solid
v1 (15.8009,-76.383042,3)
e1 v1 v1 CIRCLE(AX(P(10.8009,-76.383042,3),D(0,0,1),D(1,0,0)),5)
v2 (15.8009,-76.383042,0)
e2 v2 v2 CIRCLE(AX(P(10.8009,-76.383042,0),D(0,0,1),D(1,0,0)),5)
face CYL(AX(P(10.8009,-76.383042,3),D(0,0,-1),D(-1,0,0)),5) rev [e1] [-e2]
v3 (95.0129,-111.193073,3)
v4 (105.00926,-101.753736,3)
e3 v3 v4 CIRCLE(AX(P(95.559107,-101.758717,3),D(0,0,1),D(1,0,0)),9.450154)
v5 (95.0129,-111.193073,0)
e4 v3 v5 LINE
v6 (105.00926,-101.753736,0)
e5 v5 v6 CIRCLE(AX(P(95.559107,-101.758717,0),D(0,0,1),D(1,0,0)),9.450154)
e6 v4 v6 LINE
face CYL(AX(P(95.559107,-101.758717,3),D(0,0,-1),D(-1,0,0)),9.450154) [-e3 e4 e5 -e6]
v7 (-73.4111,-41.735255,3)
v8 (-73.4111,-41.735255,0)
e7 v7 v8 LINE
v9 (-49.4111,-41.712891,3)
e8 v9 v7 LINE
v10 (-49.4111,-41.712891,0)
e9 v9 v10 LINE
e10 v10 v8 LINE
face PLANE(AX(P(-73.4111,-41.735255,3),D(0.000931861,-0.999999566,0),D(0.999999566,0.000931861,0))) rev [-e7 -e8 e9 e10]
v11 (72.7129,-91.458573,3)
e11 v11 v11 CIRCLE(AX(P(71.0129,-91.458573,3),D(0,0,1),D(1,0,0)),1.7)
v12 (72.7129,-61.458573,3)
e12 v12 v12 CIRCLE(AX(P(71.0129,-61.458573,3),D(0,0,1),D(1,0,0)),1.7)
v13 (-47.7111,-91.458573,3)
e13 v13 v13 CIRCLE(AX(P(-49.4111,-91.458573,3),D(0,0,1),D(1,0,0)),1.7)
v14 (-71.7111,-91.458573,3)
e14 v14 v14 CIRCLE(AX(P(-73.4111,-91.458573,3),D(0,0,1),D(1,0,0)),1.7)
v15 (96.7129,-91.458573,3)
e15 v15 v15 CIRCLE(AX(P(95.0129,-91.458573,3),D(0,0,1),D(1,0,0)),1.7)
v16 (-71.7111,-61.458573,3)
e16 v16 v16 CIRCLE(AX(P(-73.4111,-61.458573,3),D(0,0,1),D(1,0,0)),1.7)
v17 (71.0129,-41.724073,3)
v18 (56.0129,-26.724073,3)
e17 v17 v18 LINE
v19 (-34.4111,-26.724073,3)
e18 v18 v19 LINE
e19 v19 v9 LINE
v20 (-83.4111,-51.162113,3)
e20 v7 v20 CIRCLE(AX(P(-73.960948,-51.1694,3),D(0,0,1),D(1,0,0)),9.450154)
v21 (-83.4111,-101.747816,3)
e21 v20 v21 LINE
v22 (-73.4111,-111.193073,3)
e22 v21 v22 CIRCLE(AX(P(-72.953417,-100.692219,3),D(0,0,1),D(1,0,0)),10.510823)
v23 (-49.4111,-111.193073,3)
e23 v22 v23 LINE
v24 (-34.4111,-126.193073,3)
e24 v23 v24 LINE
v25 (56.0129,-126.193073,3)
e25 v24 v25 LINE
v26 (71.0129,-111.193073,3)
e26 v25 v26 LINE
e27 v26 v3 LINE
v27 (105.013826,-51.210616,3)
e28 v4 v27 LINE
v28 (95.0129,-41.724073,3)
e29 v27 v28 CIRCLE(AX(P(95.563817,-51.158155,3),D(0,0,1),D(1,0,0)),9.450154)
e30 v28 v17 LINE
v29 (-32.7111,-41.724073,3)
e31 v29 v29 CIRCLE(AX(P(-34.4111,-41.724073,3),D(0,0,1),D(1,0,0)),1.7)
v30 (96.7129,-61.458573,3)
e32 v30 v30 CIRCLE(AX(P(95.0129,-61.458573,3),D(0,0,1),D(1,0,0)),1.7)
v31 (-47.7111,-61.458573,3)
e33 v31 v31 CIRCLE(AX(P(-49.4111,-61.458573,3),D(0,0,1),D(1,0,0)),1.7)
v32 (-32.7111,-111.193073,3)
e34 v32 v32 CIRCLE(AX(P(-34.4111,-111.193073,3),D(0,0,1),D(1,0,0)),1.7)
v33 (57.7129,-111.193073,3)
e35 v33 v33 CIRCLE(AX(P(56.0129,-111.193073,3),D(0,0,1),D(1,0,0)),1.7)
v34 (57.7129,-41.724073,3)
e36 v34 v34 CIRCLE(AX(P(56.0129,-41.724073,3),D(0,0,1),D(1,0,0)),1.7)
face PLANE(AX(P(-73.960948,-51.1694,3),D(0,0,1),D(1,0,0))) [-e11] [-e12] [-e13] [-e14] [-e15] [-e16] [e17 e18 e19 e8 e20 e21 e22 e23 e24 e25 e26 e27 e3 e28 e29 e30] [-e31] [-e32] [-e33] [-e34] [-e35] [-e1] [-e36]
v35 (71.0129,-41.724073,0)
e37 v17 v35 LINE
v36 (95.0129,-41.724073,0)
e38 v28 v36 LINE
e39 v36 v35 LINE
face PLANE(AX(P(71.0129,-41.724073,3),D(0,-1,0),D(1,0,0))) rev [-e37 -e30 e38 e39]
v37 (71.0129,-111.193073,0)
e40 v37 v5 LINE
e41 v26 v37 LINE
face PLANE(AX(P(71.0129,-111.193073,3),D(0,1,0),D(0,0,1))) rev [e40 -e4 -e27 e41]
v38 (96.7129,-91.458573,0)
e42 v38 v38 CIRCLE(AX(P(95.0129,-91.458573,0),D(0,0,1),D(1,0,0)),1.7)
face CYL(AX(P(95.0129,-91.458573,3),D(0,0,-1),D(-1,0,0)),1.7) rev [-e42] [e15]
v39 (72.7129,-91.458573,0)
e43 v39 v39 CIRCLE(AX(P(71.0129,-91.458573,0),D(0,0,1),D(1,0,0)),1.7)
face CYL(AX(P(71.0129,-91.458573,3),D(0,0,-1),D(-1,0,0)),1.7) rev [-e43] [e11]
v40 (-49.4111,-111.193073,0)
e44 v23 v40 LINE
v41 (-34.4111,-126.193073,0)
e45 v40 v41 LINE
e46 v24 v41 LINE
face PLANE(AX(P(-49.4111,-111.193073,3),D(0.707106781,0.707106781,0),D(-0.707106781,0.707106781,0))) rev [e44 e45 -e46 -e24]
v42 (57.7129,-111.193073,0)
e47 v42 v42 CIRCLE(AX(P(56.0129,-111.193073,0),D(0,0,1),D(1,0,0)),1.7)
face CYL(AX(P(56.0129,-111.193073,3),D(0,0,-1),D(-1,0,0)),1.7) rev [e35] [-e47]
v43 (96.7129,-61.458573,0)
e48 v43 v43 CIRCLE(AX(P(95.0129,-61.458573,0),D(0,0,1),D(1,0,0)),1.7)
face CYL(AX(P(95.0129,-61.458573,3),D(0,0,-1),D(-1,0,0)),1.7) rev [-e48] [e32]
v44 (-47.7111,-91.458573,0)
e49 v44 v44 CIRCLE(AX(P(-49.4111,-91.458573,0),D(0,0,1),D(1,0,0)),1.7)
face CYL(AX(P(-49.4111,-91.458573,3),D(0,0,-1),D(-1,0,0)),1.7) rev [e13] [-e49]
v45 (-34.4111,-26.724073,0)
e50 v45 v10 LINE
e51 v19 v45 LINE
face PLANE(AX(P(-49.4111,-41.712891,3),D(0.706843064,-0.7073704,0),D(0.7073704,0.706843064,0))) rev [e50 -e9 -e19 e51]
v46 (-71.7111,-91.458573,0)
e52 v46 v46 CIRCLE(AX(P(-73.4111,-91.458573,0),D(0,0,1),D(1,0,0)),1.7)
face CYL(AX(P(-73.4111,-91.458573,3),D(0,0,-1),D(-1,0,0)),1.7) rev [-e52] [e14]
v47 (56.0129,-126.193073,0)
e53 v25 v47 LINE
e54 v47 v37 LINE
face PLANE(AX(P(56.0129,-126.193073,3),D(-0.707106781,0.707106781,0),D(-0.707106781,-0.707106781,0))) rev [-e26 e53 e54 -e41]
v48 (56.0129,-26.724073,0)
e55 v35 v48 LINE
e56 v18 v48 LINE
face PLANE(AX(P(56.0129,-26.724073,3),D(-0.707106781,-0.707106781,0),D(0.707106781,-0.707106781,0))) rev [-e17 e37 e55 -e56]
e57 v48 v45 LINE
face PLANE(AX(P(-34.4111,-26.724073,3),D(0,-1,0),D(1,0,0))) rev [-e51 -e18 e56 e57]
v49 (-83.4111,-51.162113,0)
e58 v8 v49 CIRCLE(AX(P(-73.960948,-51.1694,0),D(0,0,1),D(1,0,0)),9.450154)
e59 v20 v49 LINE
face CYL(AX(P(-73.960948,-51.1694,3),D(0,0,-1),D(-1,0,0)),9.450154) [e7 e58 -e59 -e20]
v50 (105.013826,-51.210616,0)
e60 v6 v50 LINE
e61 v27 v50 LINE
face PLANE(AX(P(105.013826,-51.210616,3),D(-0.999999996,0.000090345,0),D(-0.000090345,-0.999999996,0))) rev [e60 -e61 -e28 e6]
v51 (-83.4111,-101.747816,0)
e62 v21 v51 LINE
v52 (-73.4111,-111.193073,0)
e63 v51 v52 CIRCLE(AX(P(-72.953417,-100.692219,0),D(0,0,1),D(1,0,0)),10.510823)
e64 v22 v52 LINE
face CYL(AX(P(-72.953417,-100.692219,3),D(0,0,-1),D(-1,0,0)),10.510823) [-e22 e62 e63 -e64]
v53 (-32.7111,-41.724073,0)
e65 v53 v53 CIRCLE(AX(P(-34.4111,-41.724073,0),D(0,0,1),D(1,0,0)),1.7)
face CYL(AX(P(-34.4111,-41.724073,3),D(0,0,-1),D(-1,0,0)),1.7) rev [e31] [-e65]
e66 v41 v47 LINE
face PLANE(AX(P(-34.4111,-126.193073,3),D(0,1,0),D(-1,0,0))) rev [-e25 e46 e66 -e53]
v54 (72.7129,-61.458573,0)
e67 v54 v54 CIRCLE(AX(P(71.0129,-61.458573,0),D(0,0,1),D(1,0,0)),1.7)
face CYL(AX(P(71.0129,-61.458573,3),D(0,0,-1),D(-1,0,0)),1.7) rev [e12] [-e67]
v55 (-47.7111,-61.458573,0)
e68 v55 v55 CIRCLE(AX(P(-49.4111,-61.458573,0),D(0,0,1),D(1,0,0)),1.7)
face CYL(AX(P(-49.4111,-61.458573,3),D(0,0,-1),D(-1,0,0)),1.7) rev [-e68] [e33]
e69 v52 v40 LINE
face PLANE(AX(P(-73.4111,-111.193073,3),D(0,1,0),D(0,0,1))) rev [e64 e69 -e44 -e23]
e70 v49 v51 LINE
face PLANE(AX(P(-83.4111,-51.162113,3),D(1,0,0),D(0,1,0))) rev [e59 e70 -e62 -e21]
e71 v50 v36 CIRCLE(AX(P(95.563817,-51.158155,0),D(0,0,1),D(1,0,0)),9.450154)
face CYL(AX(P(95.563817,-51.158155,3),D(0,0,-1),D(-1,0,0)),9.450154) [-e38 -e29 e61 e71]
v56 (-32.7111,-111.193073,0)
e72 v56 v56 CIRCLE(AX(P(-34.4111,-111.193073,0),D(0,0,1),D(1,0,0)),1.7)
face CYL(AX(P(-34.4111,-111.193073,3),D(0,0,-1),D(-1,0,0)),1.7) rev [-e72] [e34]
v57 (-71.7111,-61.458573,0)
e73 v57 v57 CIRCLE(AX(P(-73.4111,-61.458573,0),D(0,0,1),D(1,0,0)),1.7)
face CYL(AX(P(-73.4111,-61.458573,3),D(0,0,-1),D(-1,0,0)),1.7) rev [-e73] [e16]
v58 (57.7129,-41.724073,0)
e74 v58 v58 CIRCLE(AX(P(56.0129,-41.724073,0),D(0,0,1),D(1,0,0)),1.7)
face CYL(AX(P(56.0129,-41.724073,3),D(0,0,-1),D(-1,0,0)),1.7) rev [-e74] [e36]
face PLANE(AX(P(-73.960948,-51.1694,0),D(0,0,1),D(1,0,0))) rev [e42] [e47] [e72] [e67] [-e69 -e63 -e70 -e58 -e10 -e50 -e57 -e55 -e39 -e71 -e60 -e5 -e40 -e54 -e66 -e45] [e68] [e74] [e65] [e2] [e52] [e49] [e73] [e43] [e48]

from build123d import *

# Parameters (mm, degrees)
SKETCH2_R           = 1.7
SKETCH2_R_2         = 5
BOSS_EXTRUDE4_DEPTH = 3


with BuildPart() as part:
    # Sketch2 → Boss-Extrude4 (new body)
    with BuildSketch(Plane.XY):
        with BuildLine():
            Line((-49.411099801, -41.712890537), (-34.411099801, -26.724072871))
            Line((-34.411099801, -26.724072871), (56.012900199, -26.724072871))
            Line((56.012900199, -26.724072871), (71.012900199, -41.724072871))
            Line((71.012900199, -41.724072871), (95.012900199, -41.724072871))
            ThreePointArc((95.012900199, -41.724072871), (102.06743807, -44.301892558), (105.013826091, -51.210615779))
            Line((105.013826091, -51.210615779), (105.009259778, -101.753736116))
            ThreePointArc((105.009259778, -101.753736116), (102.047198601, -108.629676096), (95.012900199, -111.193072871))
            Line((95.012900199, -111.193072871), (71.012900199, -111.193072871))
            Line((71.012900199, -111.193072871), (56.012900199, -126.193072871))
            Line((56.012900199, -126.193072871), (-34.411099801, -126.193072871))
            Line((-34.411099801, -126.193072871), (-49.411099801, -111.193072871))
            Line((-49.411099801, -111.193072871), (-73.411099801, -111.193072871))
            ThreePointArc((-73.411099801, -111.193072871), (-80.170723963, -108.333415965), (-83.411099801, -101.747816457))
            Line((-83.411099801, -101.747816457), (-83.411099801, -51.162112892))
            ThreePointArc((-83.411099801, -51.162112892), (-80.443251923, -44.29297937), (-73.411099801, -41.735255206))
            Line((-73.411099801, -41.735255206), (-49.411099801, -41.712890537))
        make_face()
        with Locations((-49.411099801, -61.458572871)):
            Circle(SKETCH2_R, mode=Mode.SUBTRACT)
        with Locations((-73.411099801, -61.458572871)):
            Circle(SKETCH2_R, mode=Mode.SUBTRACT)
        with Locations((-73.411099801, -91.458572871)):
            Circle(SKETCH2_R, mode=Mode.SUBTRACT)
        with Locations((-49.411099801, -91.458572871)):
            Circle(SKETCH2_R, mode=Mode.SUBTRACT)
        with Locations((95.012900199, -91.458572871)):
            Circle(SKETCH2_R, mode=Mode.SUBTRACT)
        with Locations((71.012900199, -91.458572871)):
            Circle(SKETCH2_R, mode=Mode.SUBTRACT)
        with Locations((95.012900199, -61.458572871)):
            Circle(SKETCH2_R, mode=Mode.SUBTRACT)
        with Locations((71.012900199, -61.458572871)):
            Circle(SKETCH2_R, mode=Mode.SUBTRACT)
        with Locations((10.800900199, -76.383042082)):
            Circle(SKETCH2_R_2, mode=Mode.SUBTRACT)
        with Locations((-34.411099801, -41.724072871)):
            Circle(SKETCH2_R, mode=Mode.SUBTRACT)
        with Locations((-34.411099801, -111.193072871)):
            Circle(SKETCH2_R, mode=Mode.SUBTRACT)
        with Locations((56.012900199, -111.193072871)):
            Circle(SKETCH2_R, mode=Mode.SUBTRACT)
        with Locations((56.012900199, -41.724072871)):
            Circle(SKETCH2_R, mode=Mode.SUBTRACT)
    extrude(amount=BOSS_EXTRUDE4_DEPTH)


solid = part.part
